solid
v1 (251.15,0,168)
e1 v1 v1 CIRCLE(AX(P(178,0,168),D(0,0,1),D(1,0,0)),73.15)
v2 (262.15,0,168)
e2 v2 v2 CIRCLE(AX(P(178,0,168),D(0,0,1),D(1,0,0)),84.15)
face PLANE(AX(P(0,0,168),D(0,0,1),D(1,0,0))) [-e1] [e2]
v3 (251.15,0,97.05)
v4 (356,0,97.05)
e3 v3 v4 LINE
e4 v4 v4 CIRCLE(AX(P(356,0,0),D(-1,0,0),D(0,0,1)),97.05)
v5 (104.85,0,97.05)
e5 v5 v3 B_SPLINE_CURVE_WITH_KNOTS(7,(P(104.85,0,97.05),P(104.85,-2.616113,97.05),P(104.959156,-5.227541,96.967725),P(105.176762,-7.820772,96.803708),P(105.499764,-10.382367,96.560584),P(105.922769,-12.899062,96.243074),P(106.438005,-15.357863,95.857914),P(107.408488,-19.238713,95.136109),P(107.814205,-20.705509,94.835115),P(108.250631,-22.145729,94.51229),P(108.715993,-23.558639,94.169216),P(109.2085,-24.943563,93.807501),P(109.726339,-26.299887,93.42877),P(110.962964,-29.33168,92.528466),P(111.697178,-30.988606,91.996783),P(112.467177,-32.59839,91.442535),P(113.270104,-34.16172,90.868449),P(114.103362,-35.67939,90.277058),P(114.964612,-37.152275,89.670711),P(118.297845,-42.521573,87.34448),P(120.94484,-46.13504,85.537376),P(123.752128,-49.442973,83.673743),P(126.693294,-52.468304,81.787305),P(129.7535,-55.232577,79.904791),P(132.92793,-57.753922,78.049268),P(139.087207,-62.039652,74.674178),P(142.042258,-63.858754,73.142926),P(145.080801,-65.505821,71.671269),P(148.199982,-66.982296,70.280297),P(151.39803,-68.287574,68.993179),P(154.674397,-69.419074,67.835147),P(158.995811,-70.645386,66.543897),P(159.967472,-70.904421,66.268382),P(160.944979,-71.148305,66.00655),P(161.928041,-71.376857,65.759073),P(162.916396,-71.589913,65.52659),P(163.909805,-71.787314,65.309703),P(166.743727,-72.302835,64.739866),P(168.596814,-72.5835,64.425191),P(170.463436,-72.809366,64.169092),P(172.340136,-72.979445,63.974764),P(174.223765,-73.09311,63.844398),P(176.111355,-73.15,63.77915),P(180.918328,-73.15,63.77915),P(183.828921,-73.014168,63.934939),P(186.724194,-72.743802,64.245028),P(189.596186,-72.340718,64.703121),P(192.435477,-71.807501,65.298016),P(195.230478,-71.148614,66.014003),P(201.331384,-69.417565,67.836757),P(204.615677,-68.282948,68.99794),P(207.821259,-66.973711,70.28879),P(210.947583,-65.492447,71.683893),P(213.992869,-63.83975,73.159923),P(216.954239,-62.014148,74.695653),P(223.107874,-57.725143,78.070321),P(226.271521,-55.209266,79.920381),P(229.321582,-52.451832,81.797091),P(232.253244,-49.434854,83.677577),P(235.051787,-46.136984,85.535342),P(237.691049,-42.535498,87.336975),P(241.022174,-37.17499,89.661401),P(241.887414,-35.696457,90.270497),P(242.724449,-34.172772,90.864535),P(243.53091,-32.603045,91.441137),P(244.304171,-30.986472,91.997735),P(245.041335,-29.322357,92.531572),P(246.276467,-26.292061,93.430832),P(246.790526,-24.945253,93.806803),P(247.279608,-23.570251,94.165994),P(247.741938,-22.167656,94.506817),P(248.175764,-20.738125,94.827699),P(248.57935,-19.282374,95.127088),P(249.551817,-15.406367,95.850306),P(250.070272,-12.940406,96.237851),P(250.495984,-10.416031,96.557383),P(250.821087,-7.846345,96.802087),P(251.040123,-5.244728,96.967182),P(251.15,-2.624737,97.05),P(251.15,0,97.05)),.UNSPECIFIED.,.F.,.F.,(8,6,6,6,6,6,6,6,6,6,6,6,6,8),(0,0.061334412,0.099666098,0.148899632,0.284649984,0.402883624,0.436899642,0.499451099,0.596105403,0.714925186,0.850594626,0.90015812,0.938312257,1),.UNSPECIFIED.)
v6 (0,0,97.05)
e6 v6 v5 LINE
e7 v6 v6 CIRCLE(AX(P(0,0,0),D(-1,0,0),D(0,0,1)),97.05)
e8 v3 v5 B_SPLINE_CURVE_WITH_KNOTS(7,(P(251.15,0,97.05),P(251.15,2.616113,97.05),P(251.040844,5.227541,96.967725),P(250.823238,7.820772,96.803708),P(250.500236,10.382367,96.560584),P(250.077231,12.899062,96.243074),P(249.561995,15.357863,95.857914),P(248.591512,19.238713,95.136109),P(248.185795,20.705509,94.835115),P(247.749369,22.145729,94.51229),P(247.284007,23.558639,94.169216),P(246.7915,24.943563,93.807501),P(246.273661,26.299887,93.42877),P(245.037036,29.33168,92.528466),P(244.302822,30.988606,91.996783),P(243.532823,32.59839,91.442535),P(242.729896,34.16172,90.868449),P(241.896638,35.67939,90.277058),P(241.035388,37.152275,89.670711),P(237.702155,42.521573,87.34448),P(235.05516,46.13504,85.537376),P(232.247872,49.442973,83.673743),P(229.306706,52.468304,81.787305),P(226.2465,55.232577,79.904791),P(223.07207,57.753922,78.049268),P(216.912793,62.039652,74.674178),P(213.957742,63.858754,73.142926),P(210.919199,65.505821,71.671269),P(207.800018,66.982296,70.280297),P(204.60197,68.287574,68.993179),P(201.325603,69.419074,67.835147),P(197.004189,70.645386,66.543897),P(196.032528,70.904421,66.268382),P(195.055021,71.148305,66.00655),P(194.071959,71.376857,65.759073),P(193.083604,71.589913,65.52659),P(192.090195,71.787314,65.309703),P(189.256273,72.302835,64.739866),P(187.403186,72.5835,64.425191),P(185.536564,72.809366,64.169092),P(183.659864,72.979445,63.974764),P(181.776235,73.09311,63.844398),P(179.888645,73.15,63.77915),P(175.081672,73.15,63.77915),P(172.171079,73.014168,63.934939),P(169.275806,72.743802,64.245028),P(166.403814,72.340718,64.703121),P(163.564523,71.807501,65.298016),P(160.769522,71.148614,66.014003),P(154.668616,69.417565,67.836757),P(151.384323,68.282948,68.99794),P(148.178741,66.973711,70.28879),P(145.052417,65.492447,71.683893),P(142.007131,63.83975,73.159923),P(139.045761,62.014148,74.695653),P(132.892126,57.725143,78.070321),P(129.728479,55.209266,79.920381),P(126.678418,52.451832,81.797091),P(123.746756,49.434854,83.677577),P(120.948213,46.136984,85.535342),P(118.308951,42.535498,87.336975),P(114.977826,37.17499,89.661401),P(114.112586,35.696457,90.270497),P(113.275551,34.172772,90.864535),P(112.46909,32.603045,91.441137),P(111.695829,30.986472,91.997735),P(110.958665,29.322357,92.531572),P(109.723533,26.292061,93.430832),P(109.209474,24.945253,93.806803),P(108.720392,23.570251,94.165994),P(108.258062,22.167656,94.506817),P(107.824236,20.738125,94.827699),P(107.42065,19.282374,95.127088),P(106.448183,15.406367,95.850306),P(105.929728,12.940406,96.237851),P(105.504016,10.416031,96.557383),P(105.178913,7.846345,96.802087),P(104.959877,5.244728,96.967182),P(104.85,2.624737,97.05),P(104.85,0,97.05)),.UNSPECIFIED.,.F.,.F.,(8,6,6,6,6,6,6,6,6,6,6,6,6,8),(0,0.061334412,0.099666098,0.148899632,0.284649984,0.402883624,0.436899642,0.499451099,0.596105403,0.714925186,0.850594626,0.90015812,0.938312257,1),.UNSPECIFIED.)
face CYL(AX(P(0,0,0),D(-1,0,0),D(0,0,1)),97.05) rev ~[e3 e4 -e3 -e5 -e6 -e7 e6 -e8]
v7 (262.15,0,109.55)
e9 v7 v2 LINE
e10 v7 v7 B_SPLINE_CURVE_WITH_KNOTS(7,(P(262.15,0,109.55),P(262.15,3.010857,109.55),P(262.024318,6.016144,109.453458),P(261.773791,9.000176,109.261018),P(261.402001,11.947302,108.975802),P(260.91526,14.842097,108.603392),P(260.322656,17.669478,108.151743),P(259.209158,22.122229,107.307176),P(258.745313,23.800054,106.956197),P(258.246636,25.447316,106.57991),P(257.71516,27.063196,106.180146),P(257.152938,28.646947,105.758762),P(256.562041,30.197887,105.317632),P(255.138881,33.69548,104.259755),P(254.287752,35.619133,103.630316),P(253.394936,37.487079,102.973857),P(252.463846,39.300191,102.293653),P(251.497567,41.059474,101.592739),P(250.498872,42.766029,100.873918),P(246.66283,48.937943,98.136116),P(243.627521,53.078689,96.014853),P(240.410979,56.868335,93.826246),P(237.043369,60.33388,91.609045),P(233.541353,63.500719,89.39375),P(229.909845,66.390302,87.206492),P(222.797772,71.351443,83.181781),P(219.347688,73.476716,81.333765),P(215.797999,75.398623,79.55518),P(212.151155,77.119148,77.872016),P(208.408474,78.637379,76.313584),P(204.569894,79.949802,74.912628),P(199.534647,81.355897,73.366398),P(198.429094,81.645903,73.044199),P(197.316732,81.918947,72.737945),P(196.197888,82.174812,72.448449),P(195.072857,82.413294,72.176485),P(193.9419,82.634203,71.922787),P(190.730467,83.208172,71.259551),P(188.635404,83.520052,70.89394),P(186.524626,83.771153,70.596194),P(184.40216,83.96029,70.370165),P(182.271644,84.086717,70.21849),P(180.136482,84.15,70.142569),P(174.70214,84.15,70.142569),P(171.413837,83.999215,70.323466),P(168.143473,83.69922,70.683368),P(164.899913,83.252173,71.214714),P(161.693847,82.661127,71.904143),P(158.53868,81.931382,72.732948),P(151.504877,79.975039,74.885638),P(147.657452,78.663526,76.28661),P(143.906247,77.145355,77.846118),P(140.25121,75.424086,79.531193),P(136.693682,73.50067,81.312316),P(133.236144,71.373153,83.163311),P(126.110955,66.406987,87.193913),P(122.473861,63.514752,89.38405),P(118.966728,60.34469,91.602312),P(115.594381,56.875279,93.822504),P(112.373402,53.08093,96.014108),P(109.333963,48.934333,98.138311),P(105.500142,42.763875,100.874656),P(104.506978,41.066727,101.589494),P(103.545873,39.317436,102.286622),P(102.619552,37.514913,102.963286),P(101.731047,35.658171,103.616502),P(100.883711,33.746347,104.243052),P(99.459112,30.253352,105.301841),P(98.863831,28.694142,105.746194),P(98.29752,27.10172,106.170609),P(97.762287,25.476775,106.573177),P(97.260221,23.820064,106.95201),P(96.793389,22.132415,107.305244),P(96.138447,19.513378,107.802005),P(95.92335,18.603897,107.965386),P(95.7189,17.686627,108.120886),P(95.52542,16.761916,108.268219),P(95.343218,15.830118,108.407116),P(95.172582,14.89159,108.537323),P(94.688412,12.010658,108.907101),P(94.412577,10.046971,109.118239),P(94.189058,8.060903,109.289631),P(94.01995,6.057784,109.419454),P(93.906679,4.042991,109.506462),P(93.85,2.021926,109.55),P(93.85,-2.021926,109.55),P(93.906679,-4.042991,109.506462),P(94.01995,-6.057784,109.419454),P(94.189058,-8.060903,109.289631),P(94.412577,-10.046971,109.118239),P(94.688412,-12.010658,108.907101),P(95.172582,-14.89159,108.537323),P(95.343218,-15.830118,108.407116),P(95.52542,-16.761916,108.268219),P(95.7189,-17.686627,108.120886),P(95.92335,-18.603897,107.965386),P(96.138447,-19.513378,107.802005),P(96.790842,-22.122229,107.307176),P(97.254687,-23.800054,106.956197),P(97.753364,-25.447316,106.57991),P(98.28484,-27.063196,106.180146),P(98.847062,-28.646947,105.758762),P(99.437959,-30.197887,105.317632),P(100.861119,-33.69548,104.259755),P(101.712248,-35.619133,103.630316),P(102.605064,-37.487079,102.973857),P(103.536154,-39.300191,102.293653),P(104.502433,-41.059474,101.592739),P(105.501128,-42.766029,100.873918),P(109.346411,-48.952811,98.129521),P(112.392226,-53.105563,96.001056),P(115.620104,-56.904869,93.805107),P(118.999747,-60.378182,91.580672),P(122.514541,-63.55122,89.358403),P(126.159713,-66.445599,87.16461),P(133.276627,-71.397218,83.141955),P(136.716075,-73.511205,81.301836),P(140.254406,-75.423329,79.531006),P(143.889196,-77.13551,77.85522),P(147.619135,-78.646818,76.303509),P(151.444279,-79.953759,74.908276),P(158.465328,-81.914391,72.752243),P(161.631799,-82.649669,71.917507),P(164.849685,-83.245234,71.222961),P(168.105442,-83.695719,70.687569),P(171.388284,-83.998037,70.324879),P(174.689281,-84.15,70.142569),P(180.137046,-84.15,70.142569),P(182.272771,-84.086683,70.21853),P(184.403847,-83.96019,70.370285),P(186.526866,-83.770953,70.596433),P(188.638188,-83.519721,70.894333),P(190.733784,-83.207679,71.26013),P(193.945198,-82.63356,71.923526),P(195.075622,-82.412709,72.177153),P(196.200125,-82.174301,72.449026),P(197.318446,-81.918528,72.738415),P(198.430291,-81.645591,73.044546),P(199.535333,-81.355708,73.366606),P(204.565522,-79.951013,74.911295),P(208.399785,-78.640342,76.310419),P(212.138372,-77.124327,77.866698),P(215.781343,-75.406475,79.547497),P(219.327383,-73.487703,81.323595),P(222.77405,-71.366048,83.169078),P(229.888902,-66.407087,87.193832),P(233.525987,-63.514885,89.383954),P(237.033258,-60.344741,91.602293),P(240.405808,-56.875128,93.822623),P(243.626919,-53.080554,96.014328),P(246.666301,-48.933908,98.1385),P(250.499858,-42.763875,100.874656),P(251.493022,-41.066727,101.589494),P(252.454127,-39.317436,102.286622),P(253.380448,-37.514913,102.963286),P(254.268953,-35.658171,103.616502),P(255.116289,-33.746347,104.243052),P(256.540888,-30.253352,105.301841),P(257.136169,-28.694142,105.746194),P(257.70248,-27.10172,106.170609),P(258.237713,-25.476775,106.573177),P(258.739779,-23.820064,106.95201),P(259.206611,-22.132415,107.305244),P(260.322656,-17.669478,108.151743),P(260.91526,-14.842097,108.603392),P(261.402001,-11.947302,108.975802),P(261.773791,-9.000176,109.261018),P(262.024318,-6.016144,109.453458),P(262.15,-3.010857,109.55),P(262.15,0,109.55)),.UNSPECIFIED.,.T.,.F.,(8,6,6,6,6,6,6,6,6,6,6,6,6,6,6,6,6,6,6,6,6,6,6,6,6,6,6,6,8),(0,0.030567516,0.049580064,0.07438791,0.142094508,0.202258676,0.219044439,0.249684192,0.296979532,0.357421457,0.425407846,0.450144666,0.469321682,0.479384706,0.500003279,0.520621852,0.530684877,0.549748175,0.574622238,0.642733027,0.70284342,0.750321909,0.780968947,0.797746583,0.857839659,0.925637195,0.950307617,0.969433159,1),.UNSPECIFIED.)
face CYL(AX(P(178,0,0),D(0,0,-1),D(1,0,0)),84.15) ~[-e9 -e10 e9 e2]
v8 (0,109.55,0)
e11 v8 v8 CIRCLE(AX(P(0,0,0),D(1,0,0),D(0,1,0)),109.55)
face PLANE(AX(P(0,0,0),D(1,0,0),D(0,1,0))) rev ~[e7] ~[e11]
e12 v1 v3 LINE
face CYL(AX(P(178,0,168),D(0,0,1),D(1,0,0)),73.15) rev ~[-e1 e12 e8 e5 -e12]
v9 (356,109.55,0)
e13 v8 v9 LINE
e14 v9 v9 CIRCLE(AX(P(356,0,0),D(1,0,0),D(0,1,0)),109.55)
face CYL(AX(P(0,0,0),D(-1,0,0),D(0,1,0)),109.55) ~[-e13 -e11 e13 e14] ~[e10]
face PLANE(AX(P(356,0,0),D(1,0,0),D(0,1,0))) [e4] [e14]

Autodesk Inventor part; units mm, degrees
ref_plane "YZ Plane" through (0, 0, 0) normal (1, 0, 0) x (0, 1, 0)
ref_plane "XZ Plane" through (0, 0, 0) normal (0, 1, 0) x (-1, 0, 0)
ref_plane "XY Plane" through (0, 0, 0) normal (0, 0, 1) x (1, 0, 0)
sketch "Sketch1" plane through (0, 0, 0) normal (1, 0, 0) x (0, 1, 0)
  circle A0 centre (0, 0) radius 109.55
  dimension "d0" = 219.1
extrude "Extrude1" add sketch "Sketch1" along normal blind 356
sketch "Sketch2" plane through (0, 0, 0) normal (0, 0, 1) x (1, 0, 0)
  line L0 (0, 109.55) -> (0, -109.55) projected
  line L1 (356, 109.55) -> (356, -109.55) projected
  line L2 (0, 0) -> (356, 0) construction
  circle A0 centre (178, 0) radius 84.15
  dimension "d3" = 168.3
extrude "Extrude2" add sketch "Sketch2" along normal blind 168
sketch "Sketch3" plane through (0, 0, 0) normal (-1, 0, 0) x (0, 0, 1)
  circle A0 centre (0, 0) radius 109.55 projected
  circle A1 centre (0, 0) radius 97.05
  dimension "a" = 178
  dimension "d6" = 194.1
extrude "Extrude3" cut sketch "Sketch3" against normal through all contours A1
sketch "Sketch4" plane through (178, 0, 168) normal (0, 0, 1) x (1, 0, 0)
  circle A0 centre (0, 0) radius 84.15 projected
  circle A1 centre (0, 0) radius 73.15
  dimension "d9" = 146.3
extrude "Extrude4" cut sketch "Sketch4" against normal up to next contours A1
equation "\"d0\" = D1"
equation "\"d1\" = 2 * a"
equation "\"d3\" = D2"
equation "\"d4\" = b"
equation "\"a\" = 178"
equation "\"d6\" = D1 - 2 * s1"
equation "\"d7\" = a"
equation "\"d9\" = D2 - 2 * s2"
equation "\"d10\" = a"
equation "\"D1\" = 219.1"
equation "\"s1\" = 12.5"
equation "\"D2\" = 168.3"
equation "\"s2\" = 11"
equation "\"b\" = 168"
equation "\"Size_Designation\" = 1.2345"
properties part number "DIN 2615-1 Reducing Tee 219.1 x 12.5 - 168.3 x 11 S" material "Steel"
